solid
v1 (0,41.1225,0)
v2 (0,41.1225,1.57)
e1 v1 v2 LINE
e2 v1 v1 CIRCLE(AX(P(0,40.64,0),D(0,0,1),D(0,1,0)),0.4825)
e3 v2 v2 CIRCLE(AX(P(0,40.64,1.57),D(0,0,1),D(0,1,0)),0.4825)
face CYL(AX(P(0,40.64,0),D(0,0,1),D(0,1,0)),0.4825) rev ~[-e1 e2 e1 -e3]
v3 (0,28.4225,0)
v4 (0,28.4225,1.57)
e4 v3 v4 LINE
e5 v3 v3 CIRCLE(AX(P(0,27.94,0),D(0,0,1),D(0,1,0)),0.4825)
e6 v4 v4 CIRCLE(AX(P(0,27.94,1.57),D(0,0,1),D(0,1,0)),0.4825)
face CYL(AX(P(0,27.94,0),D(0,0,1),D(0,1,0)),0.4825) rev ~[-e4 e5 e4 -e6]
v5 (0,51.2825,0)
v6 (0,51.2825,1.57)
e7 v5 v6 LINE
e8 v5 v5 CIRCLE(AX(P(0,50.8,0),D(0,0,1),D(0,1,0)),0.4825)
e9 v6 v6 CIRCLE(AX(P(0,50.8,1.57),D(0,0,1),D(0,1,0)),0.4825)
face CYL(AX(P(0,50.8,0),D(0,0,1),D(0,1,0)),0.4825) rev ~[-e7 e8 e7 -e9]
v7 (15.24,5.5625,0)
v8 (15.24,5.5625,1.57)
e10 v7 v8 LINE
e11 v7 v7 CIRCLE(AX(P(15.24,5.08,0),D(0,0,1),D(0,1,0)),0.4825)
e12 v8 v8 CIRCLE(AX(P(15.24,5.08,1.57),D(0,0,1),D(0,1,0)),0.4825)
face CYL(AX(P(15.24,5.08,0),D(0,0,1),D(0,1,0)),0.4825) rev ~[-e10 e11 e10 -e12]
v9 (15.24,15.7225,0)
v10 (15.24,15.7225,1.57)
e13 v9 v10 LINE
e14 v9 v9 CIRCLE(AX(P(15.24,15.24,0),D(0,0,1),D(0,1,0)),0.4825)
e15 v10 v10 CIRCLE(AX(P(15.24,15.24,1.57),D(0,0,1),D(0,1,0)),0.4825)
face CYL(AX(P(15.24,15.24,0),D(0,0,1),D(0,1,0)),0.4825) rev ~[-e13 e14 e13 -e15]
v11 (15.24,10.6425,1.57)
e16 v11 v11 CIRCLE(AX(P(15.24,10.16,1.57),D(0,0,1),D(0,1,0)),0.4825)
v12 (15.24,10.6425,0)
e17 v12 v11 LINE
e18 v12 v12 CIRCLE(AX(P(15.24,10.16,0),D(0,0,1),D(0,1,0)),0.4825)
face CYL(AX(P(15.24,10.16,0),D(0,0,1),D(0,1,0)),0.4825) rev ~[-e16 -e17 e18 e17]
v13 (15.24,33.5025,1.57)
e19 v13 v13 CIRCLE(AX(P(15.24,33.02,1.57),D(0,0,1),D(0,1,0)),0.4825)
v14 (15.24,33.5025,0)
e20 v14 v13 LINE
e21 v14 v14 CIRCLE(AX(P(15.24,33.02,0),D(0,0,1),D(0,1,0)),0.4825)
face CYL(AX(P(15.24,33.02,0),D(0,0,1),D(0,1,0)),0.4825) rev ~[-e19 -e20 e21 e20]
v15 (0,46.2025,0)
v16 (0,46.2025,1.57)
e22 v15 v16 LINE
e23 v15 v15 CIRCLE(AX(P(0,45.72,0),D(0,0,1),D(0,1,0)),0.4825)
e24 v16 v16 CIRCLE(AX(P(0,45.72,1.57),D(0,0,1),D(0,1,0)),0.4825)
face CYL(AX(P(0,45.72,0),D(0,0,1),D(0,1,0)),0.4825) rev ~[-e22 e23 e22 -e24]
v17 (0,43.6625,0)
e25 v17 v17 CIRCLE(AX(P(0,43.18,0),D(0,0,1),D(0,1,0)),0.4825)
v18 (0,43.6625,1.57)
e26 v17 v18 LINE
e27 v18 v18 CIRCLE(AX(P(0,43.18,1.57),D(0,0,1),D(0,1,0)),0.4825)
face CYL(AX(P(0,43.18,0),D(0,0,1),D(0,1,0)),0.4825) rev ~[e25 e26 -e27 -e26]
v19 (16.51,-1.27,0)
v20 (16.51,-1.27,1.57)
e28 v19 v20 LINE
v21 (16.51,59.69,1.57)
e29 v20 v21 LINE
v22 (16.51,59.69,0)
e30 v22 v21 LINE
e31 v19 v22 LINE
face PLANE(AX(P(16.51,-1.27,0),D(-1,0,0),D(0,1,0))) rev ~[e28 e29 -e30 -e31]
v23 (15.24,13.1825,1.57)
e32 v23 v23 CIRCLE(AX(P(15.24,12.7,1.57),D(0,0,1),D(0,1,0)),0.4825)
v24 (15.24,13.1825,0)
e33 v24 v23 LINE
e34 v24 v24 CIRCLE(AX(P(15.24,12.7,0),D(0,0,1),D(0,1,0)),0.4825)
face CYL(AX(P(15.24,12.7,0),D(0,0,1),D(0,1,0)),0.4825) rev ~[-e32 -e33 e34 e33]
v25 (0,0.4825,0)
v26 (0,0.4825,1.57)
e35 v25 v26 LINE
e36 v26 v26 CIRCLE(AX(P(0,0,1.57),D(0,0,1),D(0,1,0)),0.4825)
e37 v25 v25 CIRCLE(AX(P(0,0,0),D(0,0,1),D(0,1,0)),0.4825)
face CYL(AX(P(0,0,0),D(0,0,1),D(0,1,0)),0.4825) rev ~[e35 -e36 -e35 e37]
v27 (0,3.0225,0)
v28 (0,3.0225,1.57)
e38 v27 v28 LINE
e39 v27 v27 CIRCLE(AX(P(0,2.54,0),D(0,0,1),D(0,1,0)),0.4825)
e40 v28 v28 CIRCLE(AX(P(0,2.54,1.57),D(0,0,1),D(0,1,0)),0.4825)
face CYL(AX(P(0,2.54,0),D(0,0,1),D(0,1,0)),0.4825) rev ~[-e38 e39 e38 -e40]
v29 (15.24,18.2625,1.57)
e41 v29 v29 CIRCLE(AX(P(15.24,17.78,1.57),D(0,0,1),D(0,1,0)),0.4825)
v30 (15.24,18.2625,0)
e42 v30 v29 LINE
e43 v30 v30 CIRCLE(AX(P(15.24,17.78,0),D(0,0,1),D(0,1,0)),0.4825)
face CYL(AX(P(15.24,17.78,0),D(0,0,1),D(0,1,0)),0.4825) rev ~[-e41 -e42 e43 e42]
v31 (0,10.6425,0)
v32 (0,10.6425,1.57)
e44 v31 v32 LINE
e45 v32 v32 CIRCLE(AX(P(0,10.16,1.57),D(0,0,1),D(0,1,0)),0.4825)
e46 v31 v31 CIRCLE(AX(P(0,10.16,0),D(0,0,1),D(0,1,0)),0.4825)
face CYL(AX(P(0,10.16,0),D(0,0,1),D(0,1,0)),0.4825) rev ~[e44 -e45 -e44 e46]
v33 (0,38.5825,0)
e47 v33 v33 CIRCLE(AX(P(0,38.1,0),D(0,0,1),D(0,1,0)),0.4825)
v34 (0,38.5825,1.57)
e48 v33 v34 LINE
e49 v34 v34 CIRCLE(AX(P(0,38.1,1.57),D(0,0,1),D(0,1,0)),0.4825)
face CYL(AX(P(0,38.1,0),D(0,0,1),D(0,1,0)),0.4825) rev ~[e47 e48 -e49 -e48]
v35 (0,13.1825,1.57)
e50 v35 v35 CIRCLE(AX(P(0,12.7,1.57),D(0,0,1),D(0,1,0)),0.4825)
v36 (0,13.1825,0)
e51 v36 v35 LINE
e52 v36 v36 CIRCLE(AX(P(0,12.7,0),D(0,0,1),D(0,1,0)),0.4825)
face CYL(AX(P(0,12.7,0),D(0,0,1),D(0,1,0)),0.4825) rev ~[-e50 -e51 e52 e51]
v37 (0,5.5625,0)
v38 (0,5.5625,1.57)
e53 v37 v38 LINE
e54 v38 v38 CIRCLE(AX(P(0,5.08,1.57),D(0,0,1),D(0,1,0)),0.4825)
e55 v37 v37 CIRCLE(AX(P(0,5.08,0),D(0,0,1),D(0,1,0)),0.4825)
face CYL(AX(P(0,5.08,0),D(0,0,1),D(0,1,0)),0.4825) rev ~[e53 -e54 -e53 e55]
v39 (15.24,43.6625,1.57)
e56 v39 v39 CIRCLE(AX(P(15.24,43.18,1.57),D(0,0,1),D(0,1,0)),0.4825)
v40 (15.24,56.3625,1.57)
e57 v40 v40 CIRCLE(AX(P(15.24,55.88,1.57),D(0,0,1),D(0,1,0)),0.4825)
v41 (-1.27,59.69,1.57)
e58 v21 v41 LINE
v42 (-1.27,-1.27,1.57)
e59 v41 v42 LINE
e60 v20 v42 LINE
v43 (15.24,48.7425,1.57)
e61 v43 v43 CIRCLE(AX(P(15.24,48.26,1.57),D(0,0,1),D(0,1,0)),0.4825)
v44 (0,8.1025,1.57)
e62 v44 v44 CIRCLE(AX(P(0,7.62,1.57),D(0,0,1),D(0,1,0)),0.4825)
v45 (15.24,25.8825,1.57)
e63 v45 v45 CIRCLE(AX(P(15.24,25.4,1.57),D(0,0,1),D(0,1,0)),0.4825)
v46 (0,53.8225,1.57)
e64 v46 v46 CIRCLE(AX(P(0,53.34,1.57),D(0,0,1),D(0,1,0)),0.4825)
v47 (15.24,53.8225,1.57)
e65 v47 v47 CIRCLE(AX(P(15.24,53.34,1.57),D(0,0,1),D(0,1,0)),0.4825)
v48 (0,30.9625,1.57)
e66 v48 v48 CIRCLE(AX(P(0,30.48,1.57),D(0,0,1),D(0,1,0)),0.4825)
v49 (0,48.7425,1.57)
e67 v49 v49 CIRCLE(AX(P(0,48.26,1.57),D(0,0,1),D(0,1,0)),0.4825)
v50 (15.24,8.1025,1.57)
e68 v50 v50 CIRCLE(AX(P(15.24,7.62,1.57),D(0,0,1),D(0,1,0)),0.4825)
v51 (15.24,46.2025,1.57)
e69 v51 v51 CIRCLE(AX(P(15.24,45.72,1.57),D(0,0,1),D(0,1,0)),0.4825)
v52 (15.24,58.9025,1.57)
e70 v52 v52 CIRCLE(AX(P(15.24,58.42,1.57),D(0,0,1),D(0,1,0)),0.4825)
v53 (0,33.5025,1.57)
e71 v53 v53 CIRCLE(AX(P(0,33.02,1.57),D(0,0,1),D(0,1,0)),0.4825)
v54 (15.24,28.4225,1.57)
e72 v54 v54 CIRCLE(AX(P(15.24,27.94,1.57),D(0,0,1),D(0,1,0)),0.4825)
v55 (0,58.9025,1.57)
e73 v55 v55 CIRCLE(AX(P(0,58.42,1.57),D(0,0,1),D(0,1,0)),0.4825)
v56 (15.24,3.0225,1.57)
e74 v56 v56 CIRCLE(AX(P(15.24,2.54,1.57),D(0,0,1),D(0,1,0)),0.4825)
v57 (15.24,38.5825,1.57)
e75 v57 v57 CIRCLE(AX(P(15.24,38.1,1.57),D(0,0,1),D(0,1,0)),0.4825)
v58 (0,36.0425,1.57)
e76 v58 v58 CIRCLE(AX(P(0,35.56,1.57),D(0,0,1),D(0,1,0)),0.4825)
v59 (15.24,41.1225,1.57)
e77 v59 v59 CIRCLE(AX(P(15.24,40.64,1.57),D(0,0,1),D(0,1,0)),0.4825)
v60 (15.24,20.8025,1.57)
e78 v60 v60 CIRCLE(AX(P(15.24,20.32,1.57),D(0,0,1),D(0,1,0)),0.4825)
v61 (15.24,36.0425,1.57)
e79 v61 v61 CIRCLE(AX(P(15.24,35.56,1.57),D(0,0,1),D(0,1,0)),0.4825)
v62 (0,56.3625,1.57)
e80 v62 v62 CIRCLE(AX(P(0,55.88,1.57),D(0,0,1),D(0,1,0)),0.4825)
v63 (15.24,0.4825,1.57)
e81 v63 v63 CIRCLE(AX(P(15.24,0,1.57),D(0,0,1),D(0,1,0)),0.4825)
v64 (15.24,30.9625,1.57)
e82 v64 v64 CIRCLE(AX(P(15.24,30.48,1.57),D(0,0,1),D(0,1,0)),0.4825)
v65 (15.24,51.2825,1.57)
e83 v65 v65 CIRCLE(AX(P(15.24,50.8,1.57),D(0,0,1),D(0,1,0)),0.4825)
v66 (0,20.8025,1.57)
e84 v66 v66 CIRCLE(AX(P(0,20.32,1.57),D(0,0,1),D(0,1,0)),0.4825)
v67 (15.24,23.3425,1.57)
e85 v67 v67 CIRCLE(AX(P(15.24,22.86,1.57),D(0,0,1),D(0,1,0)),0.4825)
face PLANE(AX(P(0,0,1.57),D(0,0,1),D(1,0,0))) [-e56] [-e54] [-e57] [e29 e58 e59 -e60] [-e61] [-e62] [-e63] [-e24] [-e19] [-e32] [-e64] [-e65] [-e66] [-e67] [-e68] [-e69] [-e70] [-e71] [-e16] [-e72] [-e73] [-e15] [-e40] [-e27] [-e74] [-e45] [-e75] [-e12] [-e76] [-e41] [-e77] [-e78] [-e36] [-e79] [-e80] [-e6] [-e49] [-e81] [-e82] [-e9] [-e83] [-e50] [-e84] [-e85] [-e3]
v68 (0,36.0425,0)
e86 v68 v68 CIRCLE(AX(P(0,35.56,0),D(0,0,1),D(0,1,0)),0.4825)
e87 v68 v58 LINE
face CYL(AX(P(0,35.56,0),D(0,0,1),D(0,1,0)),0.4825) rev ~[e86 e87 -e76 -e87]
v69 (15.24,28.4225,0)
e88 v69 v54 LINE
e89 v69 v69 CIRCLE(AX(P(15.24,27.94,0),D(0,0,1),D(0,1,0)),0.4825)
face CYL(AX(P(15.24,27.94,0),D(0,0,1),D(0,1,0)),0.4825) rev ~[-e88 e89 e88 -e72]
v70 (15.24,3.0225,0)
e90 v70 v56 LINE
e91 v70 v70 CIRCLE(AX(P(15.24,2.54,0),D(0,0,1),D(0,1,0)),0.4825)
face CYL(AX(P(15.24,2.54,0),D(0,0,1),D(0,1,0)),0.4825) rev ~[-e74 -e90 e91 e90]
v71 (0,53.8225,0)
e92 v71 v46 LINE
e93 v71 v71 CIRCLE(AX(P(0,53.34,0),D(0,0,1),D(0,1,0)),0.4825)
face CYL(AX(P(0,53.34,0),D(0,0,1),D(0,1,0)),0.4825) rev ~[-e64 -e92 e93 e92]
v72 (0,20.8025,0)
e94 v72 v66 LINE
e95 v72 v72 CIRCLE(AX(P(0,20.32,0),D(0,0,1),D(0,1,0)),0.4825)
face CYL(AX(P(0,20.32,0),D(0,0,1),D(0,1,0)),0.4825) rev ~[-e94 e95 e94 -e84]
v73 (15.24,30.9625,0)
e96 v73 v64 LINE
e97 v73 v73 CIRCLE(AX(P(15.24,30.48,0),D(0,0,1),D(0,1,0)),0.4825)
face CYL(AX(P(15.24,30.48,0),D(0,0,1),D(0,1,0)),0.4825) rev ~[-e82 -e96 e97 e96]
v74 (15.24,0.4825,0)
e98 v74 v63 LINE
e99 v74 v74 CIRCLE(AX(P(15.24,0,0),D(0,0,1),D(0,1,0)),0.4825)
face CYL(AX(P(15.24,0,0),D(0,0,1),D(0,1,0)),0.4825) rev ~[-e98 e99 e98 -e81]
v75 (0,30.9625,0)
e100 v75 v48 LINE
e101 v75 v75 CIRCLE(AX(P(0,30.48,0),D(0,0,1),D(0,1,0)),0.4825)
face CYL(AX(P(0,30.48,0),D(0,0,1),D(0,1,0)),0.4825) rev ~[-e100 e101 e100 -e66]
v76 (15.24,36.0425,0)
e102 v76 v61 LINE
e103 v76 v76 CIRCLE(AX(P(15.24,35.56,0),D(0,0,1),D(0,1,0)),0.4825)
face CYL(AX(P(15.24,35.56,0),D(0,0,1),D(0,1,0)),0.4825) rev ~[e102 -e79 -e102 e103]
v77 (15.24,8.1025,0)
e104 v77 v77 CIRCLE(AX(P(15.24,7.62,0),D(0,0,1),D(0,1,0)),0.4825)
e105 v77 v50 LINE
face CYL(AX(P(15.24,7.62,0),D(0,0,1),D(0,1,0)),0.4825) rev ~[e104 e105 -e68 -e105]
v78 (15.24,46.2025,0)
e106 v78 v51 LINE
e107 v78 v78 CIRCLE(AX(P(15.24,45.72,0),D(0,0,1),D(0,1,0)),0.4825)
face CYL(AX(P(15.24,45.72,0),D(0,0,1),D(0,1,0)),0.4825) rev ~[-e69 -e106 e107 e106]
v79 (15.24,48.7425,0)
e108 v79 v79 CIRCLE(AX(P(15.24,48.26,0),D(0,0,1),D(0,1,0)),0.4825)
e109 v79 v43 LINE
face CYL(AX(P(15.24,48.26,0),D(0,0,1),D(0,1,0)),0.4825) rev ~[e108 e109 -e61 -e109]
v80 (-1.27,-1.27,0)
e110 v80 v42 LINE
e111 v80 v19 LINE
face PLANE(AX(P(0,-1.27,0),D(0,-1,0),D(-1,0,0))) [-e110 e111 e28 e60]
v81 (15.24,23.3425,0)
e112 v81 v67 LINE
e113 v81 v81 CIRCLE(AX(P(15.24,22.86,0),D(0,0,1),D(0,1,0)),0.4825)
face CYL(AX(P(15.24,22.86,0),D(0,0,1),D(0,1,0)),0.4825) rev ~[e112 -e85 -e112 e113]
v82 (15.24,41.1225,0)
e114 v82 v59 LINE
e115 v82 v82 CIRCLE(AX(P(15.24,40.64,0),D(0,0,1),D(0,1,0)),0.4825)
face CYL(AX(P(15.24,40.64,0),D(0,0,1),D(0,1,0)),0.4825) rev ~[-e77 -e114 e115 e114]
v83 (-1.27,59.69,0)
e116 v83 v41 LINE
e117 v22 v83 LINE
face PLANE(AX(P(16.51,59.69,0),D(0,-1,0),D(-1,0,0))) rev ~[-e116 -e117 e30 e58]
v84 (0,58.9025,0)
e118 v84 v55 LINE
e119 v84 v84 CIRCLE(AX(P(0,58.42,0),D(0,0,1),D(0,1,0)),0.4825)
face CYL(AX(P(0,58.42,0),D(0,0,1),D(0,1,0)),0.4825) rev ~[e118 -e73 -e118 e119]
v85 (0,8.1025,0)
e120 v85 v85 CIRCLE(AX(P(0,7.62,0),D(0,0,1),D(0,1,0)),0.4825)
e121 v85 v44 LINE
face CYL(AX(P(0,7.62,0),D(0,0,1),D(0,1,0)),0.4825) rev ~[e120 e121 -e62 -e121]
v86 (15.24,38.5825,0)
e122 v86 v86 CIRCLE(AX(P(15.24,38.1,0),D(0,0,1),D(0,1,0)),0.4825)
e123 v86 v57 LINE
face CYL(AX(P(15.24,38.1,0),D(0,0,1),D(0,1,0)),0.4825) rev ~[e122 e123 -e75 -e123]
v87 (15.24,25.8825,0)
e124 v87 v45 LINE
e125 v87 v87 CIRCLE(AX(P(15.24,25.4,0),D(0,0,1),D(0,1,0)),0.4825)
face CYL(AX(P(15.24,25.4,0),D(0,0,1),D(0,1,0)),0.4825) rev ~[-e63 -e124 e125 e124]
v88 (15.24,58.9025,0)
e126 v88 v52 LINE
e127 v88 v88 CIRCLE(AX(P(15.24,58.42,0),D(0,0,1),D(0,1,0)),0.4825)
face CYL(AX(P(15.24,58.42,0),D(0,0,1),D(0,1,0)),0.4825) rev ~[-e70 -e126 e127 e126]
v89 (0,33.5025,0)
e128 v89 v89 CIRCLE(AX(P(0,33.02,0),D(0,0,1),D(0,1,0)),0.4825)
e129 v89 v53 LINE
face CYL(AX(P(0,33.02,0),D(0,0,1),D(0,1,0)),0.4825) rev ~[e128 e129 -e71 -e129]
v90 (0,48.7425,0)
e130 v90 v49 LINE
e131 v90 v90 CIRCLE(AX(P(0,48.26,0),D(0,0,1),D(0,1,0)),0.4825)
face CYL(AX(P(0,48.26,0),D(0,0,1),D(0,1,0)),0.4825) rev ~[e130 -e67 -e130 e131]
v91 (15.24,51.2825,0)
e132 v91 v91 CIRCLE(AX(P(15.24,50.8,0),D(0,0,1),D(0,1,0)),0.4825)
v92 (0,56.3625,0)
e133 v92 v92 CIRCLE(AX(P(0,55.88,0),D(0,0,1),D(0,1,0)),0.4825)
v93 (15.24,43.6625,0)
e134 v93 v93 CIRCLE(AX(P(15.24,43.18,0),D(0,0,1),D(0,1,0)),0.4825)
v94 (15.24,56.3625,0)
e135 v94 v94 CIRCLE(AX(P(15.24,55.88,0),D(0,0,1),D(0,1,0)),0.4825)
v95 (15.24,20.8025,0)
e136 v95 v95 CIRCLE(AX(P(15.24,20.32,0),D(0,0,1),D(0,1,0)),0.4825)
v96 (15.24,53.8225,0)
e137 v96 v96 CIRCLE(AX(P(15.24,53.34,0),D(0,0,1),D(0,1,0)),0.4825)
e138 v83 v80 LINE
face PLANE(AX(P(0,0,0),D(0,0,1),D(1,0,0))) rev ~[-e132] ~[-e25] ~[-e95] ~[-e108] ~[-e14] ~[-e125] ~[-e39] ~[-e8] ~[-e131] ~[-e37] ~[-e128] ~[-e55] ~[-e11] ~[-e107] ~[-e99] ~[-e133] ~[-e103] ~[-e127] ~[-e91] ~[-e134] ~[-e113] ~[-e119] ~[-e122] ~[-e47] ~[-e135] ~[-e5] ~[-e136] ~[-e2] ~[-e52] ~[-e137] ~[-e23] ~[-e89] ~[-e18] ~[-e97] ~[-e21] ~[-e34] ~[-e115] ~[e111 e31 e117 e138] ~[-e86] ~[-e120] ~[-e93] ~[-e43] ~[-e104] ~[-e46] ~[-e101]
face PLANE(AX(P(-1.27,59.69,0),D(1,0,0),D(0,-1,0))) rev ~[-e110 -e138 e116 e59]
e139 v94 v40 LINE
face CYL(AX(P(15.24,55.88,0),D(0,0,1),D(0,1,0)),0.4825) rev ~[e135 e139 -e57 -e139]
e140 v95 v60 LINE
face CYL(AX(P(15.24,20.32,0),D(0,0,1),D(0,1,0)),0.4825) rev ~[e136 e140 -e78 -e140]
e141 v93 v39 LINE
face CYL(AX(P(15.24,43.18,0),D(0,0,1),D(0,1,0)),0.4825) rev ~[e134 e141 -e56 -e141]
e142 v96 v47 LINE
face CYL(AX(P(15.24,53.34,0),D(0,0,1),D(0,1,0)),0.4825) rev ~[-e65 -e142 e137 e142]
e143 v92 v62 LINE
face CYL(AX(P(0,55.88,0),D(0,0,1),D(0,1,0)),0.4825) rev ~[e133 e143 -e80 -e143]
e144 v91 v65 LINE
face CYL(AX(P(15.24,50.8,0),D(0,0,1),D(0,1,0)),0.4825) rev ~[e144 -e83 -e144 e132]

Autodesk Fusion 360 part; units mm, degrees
sketch "Sketch1" plane through (0, 0, 0) normal (0, 0, 1) x (1, 0, 0)
  line L0 (0, -1.27) -> (15.24, -1.27)
  line L1 (0, -1.27) -> (15.24, -1.27)
  line L2 (15.24, -1.27) -> (16.51, -1.27)
  line L3 (0, -1.27) -> (-1.27, -1.27)
  line L4 (-1.27, -1.27) -> (16.51, -1.27)
  line L5 (16.51, -1.27) -> (16.51, 59.69)
  line L6 (16.51, 59.69) -> (-1.27, 59.69)
  line L7 (-1.27, 59.69) -> (-1.27, -1.27)
  dimension "d1" = 15.24
  dimension "d2" = 1.27
  dimension "d3" = 1.27
  dimension "d4" = 60.96
  dimension "d5" = 17.78
extrude "Extrude1" add sketch "Sketch1" along normal blind 1.57
hole "Hole1" at (0, 58.42, 0) at (0, 55.88, 0) at (0, 53.34, 0) at (0, 50.8, 0) at (0, 48.26, 0) at (0, 45.72, 0) at (0, 43.18, 0) at (0, 40.64, 0) at (0, 38.1, 0) at (0, 35.56, 0) at (0, 33.02, 0) at (0, 30.48, 0) at (0, 27.94, 0) at (0, 0, 0) at (0, 0, 0) at (0, 20.32, 0) at (0, 0, 0) at (0, 0, 0) at (0, 12.7, 0) at (0, 10.16, 0) at (0, 7.62, 0) at (0, 5.08, 0) at (0, 2.54, 0) at (0, 0, 0) at (15.24, 0, 0) at (15.24, 2.54, 0) at (15.24, 5.08, 0) at (15.24, 7.62, 0) at (15.24, 10.16, 0) at (15.24, 12.7, 0) at (15.24, 15.24, 0) at (15.24, 17.78, 0) at (15.24, 20.32, 0) at (15.24, 22.86, 0) at (15.24, 25.4, 0) at (15.24, 27.94, 0) at (15.24, 30.48, 0) at (15.24, 33.02, 0) at (15.24, 35.56, 0) at (15.24, 38.1, 0) at (15.24, 40.64, 0) at (15.24, 43.18, 0) at (15.24, 45.72, 0) at (15.24, 48.26, 0) at (15.24, 50.8, 0) at (15.24, 53.34, 0) at (15.24, 55.88, 0) at (15.24, 58.42, 0) direction (0, 0, 1) diameter 0.965 depth 1.57 tip angle 180
